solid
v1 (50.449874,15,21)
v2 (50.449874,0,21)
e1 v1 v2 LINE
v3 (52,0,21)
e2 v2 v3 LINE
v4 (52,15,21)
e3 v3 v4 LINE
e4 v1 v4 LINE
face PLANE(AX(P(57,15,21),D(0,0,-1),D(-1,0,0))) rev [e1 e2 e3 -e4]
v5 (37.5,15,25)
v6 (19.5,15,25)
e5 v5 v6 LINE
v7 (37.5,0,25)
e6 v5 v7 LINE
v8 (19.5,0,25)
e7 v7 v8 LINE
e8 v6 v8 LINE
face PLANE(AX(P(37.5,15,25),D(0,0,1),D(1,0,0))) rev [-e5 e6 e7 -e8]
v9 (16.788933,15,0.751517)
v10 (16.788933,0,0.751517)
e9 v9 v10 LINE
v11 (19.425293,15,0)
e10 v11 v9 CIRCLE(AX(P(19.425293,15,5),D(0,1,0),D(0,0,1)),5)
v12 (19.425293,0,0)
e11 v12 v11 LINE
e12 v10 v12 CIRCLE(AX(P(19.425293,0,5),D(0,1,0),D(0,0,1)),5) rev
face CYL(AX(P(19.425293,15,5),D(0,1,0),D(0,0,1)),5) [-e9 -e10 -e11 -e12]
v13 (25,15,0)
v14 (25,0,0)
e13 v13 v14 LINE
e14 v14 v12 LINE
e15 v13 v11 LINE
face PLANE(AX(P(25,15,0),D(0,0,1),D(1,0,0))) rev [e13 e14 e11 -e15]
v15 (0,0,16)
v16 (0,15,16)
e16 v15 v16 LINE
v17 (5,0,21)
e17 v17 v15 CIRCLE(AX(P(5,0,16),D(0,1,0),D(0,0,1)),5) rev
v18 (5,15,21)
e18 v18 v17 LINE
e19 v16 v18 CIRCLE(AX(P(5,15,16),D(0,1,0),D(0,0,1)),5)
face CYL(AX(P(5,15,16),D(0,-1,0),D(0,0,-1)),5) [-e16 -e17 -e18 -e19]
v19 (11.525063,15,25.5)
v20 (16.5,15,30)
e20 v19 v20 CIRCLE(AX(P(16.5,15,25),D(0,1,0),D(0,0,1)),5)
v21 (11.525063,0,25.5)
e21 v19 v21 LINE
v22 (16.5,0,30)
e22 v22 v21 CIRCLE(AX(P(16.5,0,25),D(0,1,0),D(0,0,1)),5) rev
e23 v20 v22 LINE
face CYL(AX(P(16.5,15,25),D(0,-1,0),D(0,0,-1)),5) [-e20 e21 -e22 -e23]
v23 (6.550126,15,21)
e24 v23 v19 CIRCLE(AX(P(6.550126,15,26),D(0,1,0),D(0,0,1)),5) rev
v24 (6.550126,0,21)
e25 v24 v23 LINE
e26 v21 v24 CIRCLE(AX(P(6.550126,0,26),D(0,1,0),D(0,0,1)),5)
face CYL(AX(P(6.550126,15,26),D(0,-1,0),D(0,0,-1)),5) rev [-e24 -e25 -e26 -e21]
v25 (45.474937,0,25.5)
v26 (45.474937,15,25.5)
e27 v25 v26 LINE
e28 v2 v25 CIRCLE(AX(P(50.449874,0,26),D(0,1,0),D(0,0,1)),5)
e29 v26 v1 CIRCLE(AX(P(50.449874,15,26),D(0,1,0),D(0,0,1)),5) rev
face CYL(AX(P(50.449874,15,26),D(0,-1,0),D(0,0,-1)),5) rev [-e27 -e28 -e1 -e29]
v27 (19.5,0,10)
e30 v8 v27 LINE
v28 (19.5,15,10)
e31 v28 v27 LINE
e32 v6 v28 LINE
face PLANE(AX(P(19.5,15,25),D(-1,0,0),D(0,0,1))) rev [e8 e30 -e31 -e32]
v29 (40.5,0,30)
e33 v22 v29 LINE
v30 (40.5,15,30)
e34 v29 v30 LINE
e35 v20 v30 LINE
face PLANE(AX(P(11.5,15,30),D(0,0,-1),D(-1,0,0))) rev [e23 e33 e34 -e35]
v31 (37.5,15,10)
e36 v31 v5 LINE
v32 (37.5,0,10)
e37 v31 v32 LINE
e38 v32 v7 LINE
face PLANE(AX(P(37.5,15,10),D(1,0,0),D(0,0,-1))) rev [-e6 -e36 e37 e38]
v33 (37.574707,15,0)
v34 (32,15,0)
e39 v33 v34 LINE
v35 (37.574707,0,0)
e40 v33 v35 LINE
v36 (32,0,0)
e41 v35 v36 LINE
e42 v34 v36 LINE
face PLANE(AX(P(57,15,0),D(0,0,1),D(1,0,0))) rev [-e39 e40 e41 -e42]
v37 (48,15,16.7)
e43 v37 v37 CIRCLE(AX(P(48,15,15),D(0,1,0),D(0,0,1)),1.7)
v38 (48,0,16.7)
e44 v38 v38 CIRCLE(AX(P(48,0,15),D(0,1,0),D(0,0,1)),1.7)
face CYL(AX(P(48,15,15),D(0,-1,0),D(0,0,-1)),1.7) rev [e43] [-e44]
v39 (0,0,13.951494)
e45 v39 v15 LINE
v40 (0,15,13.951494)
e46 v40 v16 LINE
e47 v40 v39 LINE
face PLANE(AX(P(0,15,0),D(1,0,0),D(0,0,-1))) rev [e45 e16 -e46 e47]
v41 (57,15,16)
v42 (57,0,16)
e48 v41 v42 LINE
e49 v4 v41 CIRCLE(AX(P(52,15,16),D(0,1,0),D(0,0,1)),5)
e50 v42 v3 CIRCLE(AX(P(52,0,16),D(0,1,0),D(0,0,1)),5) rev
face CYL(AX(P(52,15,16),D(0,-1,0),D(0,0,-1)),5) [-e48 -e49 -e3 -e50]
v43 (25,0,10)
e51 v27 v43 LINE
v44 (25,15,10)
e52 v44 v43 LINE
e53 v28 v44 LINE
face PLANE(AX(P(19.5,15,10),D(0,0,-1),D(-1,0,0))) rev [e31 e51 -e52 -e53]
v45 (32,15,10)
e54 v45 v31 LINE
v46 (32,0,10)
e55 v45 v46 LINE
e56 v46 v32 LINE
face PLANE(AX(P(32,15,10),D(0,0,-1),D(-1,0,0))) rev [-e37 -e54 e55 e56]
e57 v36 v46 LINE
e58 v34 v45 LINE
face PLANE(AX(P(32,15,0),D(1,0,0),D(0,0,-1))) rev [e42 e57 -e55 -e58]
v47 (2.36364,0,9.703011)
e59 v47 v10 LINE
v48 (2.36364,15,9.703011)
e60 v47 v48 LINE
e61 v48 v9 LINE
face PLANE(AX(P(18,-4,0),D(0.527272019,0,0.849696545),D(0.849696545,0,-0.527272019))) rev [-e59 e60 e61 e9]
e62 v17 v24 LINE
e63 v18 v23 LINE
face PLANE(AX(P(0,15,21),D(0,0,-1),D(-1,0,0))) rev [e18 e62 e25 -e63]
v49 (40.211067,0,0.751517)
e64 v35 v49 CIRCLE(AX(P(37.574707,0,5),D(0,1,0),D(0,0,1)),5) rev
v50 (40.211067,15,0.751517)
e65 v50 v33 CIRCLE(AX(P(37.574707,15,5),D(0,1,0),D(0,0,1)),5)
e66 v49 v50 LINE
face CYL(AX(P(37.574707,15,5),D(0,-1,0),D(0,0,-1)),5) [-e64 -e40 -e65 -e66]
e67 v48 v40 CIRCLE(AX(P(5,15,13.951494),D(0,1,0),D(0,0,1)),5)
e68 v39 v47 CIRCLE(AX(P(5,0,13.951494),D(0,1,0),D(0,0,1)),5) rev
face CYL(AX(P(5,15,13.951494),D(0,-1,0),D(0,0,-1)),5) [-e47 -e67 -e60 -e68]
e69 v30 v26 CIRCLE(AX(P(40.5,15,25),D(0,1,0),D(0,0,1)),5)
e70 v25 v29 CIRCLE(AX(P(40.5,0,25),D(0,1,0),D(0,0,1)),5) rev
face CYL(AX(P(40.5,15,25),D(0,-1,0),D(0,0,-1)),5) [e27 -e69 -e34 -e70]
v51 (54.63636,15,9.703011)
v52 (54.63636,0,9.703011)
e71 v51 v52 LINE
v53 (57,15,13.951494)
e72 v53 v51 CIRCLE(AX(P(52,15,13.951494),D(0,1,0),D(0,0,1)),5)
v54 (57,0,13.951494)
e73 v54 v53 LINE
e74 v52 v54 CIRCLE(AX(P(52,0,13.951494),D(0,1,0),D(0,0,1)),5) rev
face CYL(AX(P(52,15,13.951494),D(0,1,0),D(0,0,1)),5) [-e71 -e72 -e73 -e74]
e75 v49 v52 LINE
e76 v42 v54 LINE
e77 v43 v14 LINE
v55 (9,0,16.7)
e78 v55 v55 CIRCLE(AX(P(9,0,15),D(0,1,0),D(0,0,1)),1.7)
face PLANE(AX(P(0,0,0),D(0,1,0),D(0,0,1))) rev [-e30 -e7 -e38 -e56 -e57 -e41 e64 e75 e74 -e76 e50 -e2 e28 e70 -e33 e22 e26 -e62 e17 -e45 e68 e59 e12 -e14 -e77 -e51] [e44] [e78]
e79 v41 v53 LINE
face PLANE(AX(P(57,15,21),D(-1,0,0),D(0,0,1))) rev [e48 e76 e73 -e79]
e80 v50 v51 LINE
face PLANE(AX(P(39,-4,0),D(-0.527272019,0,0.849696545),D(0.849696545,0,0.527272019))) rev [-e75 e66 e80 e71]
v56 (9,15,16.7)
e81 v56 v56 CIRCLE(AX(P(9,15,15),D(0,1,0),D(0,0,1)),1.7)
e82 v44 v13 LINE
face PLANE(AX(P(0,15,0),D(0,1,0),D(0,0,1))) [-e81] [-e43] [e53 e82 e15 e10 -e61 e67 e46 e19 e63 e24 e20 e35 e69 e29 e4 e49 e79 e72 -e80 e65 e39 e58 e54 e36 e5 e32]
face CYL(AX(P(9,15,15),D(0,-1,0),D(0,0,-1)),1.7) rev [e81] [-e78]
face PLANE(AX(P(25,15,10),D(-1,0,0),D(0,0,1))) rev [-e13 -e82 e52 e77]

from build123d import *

# Parameters (mm, degrees)
SKETCH_1_R          = 1.7
EXTRUDE_1_DEPTH     = 15
CUT_EXTRUDE_1_DEPTH = 19
FILLET_2_R          = 5
FILLET_3_R          = 5


with BuildPart() as part:
    # 草图1 → 凸台-拉伸1 (new body)
    with BuildSketch(Plane(origin=(0, 0, 0), x_dir=(1, 0, 0), z_dir=(0, 1, 0))):
        Polygon((0, 0), (0, -21), (11.5, -21), (11.5, -30), (45.5, -30), (45.5, -21), (57, -21), (57, 0), (32, 0), (32, -10), (37.5, -10), (37.5, -25), (19.5, -25), (19.5, -10), (25, -10), (25, 0), align=None)
        with Locations(Location((9, -15, 0), (0, 0, 270))):
            Circle(SKETCH_1_R, mode=Mode.SUBTRACT)
        with Locations(Location((48, -15, 0), (0, 0, 270))):
            Circle(SKETCH_1_R, mode=Mode.SUBTRACT)
    extrude(amount=EXTRUDE_1_DEPTH)

    # 草图2 → 切除-拉伸1 (cut)
    with BuildSketch(Plane(origin=(0, 15, 0), x_dir=(1, 0, 0), z_dir=(0, 1, 0))):
        Polygon((18, 0), (0, -11.169748071), (0, 0), align=None)
        Polygon((57, 0), (39, 0), (57, -11.169748071), align=None)
    extrude(amount=-CUT_EXTRUDE_1_DEPTH, mode=Mode.SUBTRACT)

    # 圆角2
    fillet_2_edges = [part.edges().sort_by_distance(p)[0] for p in [
        (57, 7.5, 21),
        (45.5, 7.5, 30),
        (11.5, 7.5, 30),
        (0, 7.5, 21),
        (39, 7.5, 0),
        (0, 7.5, 11.169748071),
        (18, 7.5, 0),
        (57, 7.5, 11.169748071),
    ]]
    fillet(fillet_2_edges, radius=FILLET_2_R)

    # 圆角3
    fillet_3_edges = [part.edges().sort_by_distance(p)[0] for p in [
        (45.5, 7.5, 21),
        (11.5, 7.5, 21),
    ]]
    fillet(fillet_3_edges, radius=FILLET_3_R)


solid = part.part
